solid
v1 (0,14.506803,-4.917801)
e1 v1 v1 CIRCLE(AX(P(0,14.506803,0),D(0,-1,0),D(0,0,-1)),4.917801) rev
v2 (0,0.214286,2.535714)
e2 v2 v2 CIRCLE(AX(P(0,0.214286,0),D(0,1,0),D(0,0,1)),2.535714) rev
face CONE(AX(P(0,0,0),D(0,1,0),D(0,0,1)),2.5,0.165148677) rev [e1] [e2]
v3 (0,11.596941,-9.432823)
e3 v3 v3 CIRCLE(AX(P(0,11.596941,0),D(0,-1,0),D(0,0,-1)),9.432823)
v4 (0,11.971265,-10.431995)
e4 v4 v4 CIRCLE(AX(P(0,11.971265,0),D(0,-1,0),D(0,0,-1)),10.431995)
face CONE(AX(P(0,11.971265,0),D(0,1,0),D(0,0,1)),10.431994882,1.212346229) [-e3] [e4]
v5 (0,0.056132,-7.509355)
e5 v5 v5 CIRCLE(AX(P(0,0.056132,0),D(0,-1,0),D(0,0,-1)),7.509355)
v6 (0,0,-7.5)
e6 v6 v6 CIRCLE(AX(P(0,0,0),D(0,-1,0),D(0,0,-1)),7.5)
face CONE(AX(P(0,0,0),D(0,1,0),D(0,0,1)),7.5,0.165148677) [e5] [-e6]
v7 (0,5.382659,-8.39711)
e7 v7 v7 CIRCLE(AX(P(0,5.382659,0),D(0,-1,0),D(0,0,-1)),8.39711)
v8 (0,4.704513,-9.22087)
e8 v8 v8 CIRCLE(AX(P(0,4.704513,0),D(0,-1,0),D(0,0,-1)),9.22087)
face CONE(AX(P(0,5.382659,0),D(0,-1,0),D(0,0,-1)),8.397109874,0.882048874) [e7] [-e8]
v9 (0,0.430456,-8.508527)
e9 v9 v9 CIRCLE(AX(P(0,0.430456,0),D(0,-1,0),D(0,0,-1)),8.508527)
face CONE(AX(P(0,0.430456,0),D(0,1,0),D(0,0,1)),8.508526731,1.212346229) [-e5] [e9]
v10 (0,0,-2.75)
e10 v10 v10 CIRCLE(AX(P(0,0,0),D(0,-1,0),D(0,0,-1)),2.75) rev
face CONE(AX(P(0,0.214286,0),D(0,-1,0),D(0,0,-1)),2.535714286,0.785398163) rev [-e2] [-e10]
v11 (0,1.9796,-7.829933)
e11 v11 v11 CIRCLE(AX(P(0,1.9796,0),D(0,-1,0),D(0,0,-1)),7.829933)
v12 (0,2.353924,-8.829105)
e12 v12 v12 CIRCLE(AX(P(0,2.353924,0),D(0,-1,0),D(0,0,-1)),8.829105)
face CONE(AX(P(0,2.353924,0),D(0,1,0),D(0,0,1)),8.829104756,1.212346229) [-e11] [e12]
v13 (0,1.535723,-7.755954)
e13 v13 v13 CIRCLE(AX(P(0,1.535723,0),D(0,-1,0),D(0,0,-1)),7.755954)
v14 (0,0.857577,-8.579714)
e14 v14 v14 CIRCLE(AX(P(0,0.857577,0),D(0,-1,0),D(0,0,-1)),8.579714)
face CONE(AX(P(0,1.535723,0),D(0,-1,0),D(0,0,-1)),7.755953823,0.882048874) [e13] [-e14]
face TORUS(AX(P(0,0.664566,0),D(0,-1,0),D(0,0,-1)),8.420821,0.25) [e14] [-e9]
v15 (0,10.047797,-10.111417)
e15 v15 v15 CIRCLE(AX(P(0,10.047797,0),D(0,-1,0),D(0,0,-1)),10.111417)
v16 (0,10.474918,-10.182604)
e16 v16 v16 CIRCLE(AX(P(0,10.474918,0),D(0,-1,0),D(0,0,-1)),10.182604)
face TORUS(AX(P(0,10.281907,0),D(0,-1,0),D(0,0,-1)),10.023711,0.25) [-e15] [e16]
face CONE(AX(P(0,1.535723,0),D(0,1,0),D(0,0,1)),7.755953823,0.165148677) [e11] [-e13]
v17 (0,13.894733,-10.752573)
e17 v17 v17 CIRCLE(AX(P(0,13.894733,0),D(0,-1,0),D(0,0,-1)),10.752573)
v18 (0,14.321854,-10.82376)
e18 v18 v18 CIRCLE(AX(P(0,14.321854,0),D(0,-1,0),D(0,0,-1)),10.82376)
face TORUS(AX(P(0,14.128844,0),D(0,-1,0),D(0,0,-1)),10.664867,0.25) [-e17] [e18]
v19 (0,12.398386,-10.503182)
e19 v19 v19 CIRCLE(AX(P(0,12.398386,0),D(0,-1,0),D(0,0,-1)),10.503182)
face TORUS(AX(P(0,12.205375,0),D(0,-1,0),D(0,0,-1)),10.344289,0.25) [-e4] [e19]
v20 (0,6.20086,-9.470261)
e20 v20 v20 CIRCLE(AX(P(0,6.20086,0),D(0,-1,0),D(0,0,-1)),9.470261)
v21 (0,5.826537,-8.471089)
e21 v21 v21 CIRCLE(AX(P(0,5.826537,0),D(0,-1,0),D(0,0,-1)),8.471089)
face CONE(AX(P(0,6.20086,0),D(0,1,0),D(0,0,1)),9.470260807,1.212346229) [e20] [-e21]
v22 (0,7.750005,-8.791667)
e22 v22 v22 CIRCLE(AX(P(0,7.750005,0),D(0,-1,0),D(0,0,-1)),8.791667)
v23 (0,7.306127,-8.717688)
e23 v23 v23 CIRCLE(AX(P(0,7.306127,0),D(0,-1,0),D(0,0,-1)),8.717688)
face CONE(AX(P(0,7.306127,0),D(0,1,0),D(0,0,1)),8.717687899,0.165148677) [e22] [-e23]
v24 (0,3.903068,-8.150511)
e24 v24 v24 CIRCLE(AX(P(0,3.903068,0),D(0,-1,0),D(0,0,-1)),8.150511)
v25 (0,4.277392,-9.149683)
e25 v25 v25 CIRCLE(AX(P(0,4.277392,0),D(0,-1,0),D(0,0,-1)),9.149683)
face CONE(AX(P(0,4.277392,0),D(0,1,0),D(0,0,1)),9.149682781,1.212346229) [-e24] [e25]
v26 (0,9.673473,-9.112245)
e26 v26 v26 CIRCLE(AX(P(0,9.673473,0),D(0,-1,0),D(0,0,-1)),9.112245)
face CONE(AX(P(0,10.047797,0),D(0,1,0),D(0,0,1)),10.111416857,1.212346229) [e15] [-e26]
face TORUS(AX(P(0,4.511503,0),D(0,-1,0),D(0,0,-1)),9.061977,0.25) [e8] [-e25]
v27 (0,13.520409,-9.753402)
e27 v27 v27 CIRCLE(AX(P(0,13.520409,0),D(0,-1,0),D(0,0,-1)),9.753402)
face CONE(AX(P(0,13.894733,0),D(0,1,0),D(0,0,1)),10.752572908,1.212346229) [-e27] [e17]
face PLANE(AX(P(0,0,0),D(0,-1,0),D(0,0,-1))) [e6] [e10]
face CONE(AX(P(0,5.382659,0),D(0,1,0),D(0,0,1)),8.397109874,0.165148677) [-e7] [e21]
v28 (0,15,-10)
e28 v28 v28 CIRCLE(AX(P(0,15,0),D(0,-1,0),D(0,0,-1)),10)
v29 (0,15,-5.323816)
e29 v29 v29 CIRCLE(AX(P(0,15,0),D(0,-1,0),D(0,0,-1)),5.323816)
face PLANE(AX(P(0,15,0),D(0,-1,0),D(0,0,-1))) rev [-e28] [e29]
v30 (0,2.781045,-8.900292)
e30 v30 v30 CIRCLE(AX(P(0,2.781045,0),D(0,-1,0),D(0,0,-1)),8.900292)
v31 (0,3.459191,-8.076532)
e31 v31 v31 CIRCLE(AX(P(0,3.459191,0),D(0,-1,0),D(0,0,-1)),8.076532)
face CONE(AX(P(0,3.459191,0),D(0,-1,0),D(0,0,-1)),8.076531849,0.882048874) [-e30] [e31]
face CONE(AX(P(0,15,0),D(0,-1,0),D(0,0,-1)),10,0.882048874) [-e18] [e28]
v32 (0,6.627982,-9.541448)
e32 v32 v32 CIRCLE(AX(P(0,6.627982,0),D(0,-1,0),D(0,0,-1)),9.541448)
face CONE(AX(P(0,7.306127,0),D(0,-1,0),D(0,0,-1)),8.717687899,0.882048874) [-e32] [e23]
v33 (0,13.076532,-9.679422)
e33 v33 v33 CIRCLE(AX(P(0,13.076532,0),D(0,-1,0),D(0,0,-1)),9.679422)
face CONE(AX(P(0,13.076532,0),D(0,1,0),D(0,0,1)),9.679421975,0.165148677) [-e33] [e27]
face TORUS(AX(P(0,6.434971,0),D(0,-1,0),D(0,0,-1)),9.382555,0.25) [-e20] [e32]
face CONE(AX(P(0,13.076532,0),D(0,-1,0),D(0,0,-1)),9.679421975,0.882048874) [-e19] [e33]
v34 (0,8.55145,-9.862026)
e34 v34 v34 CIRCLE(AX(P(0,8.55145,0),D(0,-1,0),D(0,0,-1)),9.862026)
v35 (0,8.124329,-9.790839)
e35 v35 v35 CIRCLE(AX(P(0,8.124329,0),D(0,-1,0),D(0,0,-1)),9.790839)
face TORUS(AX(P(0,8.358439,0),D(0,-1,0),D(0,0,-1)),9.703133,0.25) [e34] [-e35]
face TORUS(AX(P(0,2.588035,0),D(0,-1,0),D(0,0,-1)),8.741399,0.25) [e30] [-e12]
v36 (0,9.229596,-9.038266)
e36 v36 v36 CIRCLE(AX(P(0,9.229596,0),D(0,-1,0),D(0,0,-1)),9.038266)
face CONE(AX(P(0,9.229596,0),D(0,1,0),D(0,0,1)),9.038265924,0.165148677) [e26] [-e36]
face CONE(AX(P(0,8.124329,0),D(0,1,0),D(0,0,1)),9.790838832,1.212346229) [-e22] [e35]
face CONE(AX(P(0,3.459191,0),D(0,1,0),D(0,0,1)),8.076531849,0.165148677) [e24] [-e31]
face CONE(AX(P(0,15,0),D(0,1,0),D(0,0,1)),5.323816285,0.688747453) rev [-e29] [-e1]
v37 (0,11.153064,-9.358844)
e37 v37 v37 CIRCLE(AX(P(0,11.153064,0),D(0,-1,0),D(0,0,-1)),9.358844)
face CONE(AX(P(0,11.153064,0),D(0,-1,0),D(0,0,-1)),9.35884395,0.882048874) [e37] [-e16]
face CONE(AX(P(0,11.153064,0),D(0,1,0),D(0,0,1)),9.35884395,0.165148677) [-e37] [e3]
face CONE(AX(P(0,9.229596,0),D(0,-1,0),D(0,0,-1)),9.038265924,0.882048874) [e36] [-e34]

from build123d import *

# Parameters (mm, degrees)
CHANFREIN1_SIZE  = 0.5
CHANFREIN1_SIZE2 = 0.323816285
CHANFREIN2_SIZE  = 0.25
CHANFREIN2_SIZE2 = 0.217241519


with BuildPart() as part:
    # Esquisse1 → Révolution1 (revolve)
    with BuildSketch(Plane.XY, mode=Mode.PRIVATE) as r_volution1_sk:
        Polygon((5, 15), (10, 15), (7.5, 0), (2.5, 0), align=None)
        with BuildLine():
            Line((10.823759757, 14.321854177), (10, 15))
            Line((10, 15), (9.753401519, 13.520409114))
            Line((9.753401519, 13.520409114), (10.752572908, 13.894733079))
            ThreePointArc((10.752572908, 13.894733079), (10.911465573, 14.087743755), (10.823759757, 14.321854177))
        make_face()
        with BuildLine():
            Line((10.503181732, 12.398386026), (9.679421975, 13.076531849))
            Line((9.679421975, 13.076531849), (9.432823494, 11.596940963))
            Line((9.432823494, 11.596940963), (10.431994882, 11.971264928))
            ThreePointArc((10.431994882, 11.971264928), (10.590887548, 12.164275603), (10.503181732, 12.398386026))
        make_face()
        with BuildLine():
            Line((10.182603707, 10.474917874), (9.35884395, 11.153063697))
            Line((9.35884395, 11.153063697), (9.112245469, 9.673472811))
            Line((9.112245469, 9.673472811), (10.111416857, 10.047796776))
            ThreePointArc((10.111416857, 10.047796776), (10.270309522, 10.240807452), (10.182603707, 10.474917874))
        make_face()
        with BuildLine():
            Line((9.862025681, 8.551449723), (9.038265924, 9.229595546))
            Line((9.038265924, 9.229595546), (8.791667443, 7.75000466))
            Line((8.791667443, 7.75000466), (9.790838832, 8.124328625))
            ThreePointArc((9.790838832, 8.124328625), (9.949731497, 8.3173393), (9.862025681, 8.551449723))
        make_face()
        with BuildLine():
            Line((7.755953823, 1.53572294), (7.509355342, 0.056132054))
            Line((7.509355342, 0.056132054), (8.508526731, 0.430456019))
            ThreePointArc((8.508526731, 0.430456019), (8.667419396, 0.623466695), (8.57971358, 0.857577117))
            Line((8.57971358, 0.857577117), (7.755953823, 1.53572294))
        make_face()
        with BuildLine():
            Line((8.076531849, 3.459191091), (7.829933368, 1.979600205))
            Line((7.829933368, 1.979600205), (8.829104756, 2.35392417))
            ThreePointArc((8.829104756, 2.35392417), (8.987997421, 2.546934846), (8.900291606, 2.781045269))
            Line((8.900291606, 2.781045269), (8.076531849, 3.459191091))
        make_face()
        with BuildLine():
            Line((8.397109874, 5.382659243), (8.150511393, 3.903068357))
            Line((8.150511393, 3.903068357), (9.149682781, 4.277392322))
            ThreePointArc((9.149682781, 4.277392322), (9.308575447, 4.470402998), (9.220869631, 4.70451342))
            Line((9.220869631, 4.70451342), (8.397109874, 5.382659243))
        make_face()
        with BuildLine():
            Line((8.717687899, 7.306127394), (8.471089418, 5.826536508))
            Line((8.471089418, 5.826536508), (9.470260807, 6.200860473))
            ThreePointArc((9.470260807, 6.200860473), (9.629153472, 6.393871149), (9.541447656, 6.627981571))
            Line((9.541447656, 6.627981571), (8.717687899, 7.306127394))
        make_face()
    revolve(r_volution1_sk.sketch.rotate(Axis((0, 0, 0), (0, 1, 0)), 90), axis=Axis((0, 0, 0), (0, 1, 0)))

    # Chanfrein1
    chanfrein1_edges = [part.edges().sort_by_distance(p)[0] for p in [
        (0, 15, 5),
    ]]
    chanfrein1_side = [part.faces().sort_by_distance(p)[0] for p in [
        (0, 7.5, 3.75),
    ]]
    chamfer(chanfrein1_edges, length=CHANFREIN1_SIZE, length2=CHANFREIN1_SIZE2, reference=chanfrein1_side[0])

    # Chanfrein2
    chanfrein2_edges = [part.edges().sort_by_distance(p)[0] for p in [
        (0, 0, 2.5),
    ]]
    chanfrein2_side = [part.faces().sort_by_distance(p)[0] for p in [
        (0, 0, 7.287867966),
    ]]
    chamfer(chanfrein2_edges, length=CHANFREIN2_SIZE, length2=CHANFREIN2_SIZE2, reference=chanfrein2_side[0])


solid = part.part
